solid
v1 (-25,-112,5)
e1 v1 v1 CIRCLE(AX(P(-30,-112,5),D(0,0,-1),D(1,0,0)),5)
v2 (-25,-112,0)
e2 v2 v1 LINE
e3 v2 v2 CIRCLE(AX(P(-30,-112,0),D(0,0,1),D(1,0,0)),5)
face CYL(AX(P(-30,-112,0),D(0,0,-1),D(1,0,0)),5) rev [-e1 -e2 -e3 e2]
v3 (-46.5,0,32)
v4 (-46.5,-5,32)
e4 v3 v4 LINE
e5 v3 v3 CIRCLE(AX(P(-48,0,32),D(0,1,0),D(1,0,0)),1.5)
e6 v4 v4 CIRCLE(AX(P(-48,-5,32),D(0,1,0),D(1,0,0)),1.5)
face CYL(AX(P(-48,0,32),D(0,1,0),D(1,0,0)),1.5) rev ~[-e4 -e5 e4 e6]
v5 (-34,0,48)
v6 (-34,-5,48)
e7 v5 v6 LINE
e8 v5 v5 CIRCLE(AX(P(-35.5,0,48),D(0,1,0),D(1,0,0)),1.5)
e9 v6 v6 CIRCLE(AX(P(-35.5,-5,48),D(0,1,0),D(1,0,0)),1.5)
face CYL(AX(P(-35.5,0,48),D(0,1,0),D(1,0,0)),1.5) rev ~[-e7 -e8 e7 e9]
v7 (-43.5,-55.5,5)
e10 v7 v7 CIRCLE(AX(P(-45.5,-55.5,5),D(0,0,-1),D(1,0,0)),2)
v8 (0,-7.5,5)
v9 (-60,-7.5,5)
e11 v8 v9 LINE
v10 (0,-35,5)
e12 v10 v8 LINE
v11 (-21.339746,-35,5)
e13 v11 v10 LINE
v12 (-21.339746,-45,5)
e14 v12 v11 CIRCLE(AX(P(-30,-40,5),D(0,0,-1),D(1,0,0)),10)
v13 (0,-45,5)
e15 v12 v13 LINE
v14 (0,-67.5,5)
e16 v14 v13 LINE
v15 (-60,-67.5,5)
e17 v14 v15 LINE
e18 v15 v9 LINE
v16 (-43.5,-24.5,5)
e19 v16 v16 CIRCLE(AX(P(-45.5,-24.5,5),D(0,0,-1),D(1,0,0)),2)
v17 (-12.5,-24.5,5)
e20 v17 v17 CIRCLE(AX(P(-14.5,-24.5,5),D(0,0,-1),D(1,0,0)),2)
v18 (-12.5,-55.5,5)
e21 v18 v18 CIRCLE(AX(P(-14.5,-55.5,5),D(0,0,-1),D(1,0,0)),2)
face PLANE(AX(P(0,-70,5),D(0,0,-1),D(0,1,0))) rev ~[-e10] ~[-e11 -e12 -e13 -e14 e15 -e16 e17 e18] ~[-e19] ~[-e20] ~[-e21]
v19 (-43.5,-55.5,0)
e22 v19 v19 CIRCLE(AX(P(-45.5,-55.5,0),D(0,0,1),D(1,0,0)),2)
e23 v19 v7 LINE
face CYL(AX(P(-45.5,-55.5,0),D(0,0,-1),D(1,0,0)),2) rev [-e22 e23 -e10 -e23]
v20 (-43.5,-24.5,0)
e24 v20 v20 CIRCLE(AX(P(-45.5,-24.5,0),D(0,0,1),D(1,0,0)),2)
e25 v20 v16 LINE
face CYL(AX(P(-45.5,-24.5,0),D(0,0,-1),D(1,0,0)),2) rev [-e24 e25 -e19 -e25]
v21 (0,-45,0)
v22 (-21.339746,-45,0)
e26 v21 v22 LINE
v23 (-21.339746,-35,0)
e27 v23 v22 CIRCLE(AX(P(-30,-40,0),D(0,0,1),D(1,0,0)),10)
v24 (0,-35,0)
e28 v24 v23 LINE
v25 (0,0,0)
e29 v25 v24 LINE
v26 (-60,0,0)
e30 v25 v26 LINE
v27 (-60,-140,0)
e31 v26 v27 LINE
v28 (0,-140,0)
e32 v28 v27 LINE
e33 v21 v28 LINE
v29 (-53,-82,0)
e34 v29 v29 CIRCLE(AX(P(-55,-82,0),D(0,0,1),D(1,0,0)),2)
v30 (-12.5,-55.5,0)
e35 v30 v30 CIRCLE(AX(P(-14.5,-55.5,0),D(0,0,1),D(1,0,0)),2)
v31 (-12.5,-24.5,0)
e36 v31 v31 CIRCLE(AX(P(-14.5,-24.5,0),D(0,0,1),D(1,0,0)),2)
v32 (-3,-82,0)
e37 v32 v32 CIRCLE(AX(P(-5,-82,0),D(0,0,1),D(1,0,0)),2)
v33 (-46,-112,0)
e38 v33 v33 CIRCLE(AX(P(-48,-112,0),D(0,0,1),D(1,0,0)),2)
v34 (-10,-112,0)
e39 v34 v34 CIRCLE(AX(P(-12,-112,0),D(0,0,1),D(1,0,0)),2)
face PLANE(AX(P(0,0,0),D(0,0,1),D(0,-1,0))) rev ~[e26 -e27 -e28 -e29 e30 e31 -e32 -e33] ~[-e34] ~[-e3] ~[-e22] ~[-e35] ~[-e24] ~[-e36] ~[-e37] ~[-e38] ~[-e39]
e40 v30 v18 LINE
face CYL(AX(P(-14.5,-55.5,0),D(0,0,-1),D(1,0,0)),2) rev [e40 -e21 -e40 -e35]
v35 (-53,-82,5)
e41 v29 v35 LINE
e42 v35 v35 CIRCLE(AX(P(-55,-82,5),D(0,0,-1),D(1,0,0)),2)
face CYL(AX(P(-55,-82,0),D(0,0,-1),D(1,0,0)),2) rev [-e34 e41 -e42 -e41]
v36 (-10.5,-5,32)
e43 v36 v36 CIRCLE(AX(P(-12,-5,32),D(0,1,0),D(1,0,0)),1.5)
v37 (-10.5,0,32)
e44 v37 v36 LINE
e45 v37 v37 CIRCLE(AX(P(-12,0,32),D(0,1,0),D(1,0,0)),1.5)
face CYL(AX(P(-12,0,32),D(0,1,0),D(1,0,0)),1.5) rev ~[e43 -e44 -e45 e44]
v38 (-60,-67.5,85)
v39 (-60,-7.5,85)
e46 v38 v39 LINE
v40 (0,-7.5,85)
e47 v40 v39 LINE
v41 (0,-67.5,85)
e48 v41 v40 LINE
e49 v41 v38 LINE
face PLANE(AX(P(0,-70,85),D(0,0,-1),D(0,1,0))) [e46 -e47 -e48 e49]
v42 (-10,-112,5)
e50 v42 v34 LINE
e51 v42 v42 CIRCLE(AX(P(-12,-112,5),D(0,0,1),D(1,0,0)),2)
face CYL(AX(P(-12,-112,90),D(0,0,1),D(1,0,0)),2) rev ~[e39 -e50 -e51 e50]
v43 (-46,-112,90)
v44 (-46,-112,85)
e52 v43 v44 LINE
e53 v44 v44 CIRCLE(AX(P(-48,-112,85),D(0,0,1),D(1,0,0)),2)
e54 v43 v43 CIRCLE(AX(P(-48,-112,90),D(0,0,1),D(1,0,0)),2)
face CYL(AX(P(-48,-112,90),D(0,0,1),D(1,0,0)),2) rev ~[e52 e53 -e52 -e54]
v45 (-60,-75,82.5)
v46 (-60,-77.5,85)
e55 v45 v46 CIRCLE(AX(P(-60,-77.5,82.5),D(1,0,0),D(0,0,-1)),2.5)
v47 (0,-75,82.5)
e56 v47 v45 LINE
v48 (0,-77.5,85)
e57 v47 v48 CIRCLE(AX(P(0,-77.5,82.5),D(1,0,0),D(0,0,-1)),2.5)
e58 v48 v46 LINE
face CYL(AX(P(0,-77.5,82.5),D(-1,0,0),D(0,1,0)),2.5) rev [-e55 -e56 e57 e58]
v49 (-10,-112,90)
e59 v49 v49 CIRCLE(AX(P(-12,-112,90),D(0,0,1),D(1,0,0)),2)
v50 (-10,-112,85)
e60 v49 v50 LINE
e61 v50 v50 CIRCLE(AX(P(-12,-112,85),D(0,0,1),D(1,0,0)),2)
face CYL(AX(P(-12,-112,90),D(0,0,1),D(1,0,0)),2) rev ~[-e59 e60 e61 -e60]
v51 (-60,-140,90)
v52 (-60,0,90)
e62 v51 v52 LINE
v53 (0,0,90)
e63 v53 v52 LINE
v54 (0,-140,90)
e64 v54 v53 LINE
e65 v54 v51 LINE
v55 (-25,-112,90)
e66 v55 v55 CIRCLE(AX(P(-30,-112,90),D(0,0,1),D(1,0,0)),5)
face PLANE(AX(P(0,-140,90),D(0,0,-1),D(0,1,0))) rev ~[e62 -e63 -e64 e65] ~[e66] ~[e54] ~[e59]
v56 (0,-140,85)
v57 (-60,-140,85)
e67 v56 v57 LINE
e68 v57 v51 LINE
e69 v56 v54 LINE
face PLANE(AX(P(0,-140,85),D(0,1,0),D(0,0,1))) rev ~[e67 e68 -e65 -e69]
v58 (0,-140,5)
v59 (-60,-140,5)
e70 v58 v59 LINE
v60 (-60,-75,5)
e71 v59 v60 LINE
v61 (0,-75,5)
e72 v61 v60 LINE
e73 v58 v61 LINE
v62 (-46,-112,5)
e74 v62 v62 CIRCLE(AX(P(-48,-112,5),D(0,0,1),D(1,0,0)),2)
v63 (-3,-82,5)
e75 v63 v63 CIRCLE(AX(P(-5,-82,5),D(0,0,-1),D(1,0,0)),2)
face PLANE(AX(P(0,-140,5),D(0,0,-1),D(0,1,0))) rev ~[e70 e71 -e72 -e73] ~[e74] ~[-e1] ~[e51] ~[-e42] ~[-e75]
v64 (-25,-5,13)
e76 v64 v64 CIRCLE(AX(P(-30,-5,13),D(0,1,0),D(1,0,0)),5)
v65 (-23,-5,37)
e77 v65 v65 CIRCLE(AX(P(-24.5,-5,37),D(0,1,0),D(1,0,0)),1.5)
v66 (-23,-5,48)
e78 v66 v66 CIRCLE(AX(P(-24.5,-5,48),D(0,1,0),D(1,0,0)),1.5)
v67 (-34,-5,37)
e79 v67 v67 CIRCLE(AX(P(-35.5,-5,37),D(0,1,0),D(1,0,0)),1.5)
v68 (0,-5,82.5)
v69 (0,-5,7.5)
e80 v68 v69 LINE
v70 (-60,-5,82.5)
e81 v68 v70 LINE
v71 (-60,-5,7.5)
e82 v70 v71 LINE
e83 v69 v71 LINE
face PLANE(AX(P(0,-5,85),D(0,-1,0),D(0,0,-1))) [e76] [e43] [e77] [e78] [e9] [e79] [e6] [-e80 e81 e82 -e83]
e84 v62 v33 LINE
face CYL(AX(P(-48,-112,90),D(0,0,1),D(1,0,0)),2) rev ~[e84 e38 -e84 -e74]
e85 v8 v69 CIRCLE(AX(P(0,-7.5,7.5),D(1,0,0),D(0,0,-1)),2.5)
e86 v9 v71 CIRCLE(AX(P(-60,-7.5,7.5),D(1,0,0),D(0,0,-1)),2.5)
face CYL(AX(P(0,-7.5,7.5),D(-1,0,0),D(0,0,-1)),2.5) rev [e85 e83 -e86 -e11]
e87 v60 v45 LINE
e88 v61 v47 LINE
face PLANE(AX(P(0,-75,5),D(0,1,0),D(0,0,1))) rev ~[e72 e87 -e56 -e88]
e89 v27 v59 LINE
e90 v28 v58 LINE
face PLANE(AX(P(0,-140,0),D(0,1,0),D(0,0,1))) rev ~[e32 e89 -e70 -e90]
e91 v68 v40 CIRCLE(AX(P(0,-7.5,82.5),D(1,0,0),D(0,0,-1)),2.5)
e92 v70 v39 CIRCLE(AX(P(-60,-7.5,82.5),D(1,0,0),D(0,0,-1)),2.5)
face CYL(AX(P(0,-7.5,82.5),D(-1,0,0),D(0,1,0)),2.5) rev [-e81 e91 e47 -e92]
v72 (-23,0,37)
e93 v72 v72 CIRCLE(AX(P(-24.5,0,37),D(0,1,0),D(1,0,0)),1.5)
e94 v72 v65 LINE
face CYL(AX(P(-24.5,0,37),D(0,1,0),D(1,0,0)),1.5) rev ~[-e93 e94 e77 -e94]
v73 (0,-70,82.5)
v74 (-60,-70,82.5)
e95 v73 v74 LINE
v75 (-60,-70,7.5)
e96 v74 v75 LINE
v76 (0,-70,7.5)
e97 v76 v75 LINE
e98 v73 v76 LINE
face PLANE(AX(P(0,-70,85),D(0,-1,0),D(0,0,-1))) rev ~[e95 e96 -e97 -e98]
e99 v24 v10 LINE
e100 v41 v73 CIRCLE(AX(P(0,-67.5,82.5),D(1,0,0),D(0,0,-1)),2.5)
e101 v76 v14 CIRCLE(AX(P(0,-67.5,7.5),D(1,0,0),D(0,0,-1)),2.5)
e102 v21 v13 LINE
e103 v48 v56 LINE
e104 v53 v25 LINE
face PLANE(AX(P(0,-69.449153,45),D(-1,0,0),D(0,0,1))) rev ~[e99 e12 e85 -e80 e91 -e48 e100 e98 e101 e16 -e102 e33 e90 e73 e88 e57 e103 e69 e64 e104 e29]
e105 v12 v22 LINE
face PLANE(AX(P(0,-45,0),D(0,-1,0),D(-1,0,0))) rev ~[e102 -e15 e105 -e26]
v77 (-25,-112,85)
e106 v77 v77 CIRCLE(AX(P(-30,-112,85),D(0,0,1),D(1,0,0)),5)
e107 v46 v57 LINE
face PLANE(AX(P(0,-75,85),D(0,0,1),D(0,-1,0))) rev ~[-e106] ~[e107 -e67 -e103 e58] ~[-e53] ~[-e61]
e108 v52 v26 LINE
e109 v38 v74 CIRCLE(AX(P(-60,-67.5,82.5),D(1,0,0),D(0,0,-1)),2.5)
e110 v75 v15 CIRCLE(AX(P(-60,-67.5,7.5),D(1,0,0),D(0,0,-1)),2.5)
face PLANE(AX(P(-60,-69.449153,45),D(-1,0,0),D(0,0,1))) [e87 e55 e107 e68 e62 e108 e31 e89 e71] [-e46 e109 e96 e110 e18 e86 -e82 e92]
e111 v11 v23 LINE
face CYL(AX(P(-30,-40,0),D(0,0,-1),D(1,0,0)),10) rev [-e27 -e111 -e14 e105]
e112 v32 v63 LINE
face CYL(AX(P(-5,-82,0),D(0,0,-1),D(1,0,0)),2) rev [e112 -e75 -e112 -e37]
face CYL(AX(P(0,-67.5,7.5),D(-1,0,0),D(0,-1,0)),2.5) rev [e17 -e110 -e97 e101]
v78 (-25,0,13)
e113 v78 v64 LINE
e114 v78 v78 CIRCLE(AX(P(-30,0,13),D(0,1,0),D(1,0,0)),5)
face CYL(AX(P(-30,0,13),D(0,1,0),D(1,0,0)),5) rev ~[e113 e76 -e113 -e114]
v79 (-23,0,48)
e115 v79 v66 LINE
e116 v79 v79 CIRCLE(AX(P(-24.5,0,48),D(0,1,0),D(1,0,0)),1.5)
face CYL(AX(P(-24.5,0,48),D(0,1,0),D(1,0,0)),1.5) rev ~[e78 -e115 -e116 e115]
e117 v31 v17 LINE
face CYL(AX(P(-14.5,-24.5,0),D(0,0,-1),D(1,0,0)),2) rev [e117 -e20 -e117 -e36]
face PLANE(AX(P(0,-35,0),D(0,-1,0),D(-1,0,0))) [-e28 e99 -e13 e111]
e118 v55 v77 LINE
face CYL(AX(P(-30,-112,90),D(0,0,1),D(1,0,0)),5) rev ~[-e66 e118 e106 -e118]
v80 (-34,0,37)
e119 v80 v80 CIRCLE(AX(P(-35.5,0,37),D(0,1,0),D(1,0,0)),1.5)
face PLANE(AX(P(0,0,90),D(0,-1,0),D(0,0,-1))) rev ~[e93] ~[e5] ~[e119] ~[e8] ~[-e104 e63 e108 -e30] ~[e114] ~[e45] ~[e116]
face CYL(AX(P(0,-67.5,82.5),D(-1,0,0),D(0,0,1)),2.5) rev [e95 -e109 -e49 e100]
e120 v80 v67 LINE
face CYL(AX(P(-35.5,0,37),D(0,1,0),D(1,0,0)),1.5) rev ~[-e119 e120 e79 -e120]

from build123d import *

# Parameters (mm, degrees)
BOSS_EXTRUDE1_DEPTH = 60
SKETCH2_W           = 80
SKETCH2_H           = 65
CUT_EXTRUDE1_DEPTH  = 60
CUT_EXTRUDE2_REACH  = 142
SKETCH3_R           = 1.5
SKETCH3_R_2         = 5
CUT_EXTRUDE3_REACH  = 92
SKETCH4_R           = 5
SKETCH4_R_2         = 10
SKETCH4_R_3         = 2
FILLET1_R           = 2.5
FILLET3_R           = 2.5
FILLET4_R           = 2.5
FILLET5_R           = 2.5
FILLET6_R           = 2.5
SKETCH5_R           = 5
SKETCH5_R_2         = 2
CUT_EXTRUDE4_DEPTH  = 91
CUT_EXTRUDE5_REACH  = 92
SKETCH6_W           = 30
SKETCH6_H           = 10


with BuildPart() as part:
    # Sketch1 → Boss-Extrude1 (new body)
    with BuildSketch(Plane(origin=(0, 0, 0), x_dir=(0, 0, -1), z_dir=(1, 0, 0))):
        Polygon((0, 0), (0, -140), (-5, -140), (-5, -75), (-85, -75), (-85, -140), (-90, -140), (-90, 0), align=None)
    extrude(amount=-BOSS_EXTRUDE1_DEPTH)

    # Sketch2 → Cut-Extrude1 (cut)
    with BuildSketch(Plane(origin=(0, 0, 0), x_dir=(0, 0, -1), z_dir=(1, 0, 0))):
        with Locations((-45, -37.5)):
            Rectangle(SKETCH2_W, SKETCH2_H)
    extrude(amount=-CUT_EXTRUDE1_DEPTH, mode=Mode.SUBTRACT)

    # Sketch3 → Cut-Extrude2 (cut, up to next)
    with BuildSketch(Plane(origin=(0, 0, 0), x_dir=(1, 0, 0), z_dir=(0, 1, 0)), mode=Mode.PRIVATE) as cut_extrude2_sk1:
        with Locations((-35.5, -37)):
            Circle(SKETCH3_R)
    cut_extrude2_tool1 = extrude(cut_extrude2_sk1.sketch, amount=-CUT_EXTRUDE2_REACH, mode=Mode.PRIVATE) & part.part
    add(cut_extrude2_tool1.solids().sort_by_distance((-35.5, 0, 37))[0], mode=Mode.SUBTRACT)
    # Sketch3 → Cut-Extrude2 (cut, up to next)
    with BuildSketch(Plane(origin=(0, 0, 0), x_dir=(1, 0, 0), z_dir=(0, 1, 0)), mode=Mode.PRIVATE) as cut_extrude2_sk2:
        with Locations((-24.5, -37)):
            Circle(SKETCH3_R)
    cut_extrude2_tool2 = extrude(cut_extrude2_sk2.sketch, amount=-CUT_EXTRUDE2_REACH, mode=Mode.PRIVATE) & part.part
    add(cut_extrude2_tool2.solids().sort_by_distance((-24.5, 0, 37))[0], mode=Mode.SUBTRACT)
    # Sketch3 → Cut-Extrude2 (cut, up to next)
    with BuildSketch(Plane(origin=(0, 0, 0), x_dir=(1, 0, 0), z_dir=(0, 1, 0)), mode=Mode.PRIVATE) as cut_extrude2_sk3:
        with Locations((-24.5, -48)):
            Circle(SKETCH3_R)
    cut_extrude2_tool3 = extrude(cut_extrude2_sk3.sketch, amount=-CUT_EXTRUDE2_REACH, mode=Mode.PRIVATE) & part.part
    add(cut_extrude2_tool3.solids().sort_by_distance((-24.5, 0, 48))[0], mode=Mode.SUBTRACT)
    # Sketch3 → Cut-Extrude2 (cut, up to next)
    with BuildSketch(Plane(origin=(0, 0, 0), x_dir=(1, 0, 0), z_dir=(0, 1, 0)), mode=Mode.PRIVATE) as cut_extrude2_sk4:
        with Locations((-35.5, -48)):
            Circle(SKETCH3_R)
    cut_extrude2_tool4 = extrude(cut_extrude2_sk4.sketch, amount=-CUT_EXTRUDE2_REACH, mode=Mode.PRIVATE) & part.part
    add(cut_extrude2_tool4.solids().sort_by_distance((-35.5, 0, 48))[0], mode=Mode.SUBTRACT)
    # Sketch3 → Cut-Extrude2 (cut, up to next)
    with BuildSketch(Plane(origin=(0, 0, 0), x_dir=(1, 0, 0), z_dir=(0, 1, 0)), mode=Mode.PRIVATE) as cut_extrude2_sk5:
        with Locations((-30, -13)):
            Circle(SKETCH3_R_2)
    cut_extrude2_tool5 = extrude(cut_extrude2_sk5.sketch, amount=-CUT_EXTRUDE2_REACH, mode=Mode.PRIVATE) & part.part
    add(cut_extrude2_tool5.solids().sort_by_distance((-30, 0, 13))[0], mode=Mode.SUBTRACT)
    # Sketch3 → Cut-Extrude2 (cut, up to next)
    with BuildSketch(Plane(origin=(0, 0, 0), x_dir=(1, 0, 0), z_dir=(0, 1, 0)), mode=Mode.PRIVATE) as cut_extrude2_sk6:
        with Locations((-12, -32)):
            Circle(SKETCH3_R)
    cut_extrude2_tool6 = extrude(cut_extrude2_sk6.sketch, amount=-CUT_EXTRUDE2_REACH, mode=Mode.PRIVATE) & part.part
    add(cut_extrude2_tool6.solids().sort_by_distance((-12, 0, 32))[0], mode=Mode.SUBTRACT)
    # Sketch3 → Cut-Extrude2 (cut, up to next)
    with BuildSketch(Plane(origin=(0, 0, 0), x_dir=(1, 0, 0), z_dir=(0, 1, 0)), mode=Mode.PRIVATE) as cut_extrude2_sk7:
        with Locations((-48, -32)):
            Circle(SKETCH3_R)
    cut_extrude2_tool7 = extrude(cut_extrude2_sk7.sketch, amount=-CUT_EXTRUDE2_REACH, mode=Mode.PRIVATE) & part.part
    add(cut_extrude2_tool7.solids().sort_by_distance((-48, 0, 32))[0], mode=Mode.SUBTRACT)

    # Sketch4 → Cut-Extrude3 (cut, up to next)
    with BuildSketch(Plane.XY, mode=Mode.PRIVATE) as cut_extrude3_sk1:
        with Locations((-30, -112)):
            Circle(SKETCH4_R)
    cut_extrude3_tool1 = extrude(cut_extrude3_sk1.sketch, amount=CUT_EXTRUDE3_REACH, mode=Mode.PRIVATE) & part.part
    add(cut_extrude3_tool1.solids().sort_by_distance((-30, -112, 0))[0], mode=Mode.SUBTRACT)
    # Sketch4 → Cut-Extrude3 (cut, up to next)
    with BuildSketch(Plane.XY, mode=Mode.PRIVATE) as cut_extrude3_sk2:
        with Locations((-30, -40)):
            Circle(SKETCH4_R_2)
    cut_extrude3_tool2 = extrude(cut_extrude3_sk2.sketch, amount=CUT_EXTRUDE3_REACH, mode=Mode.PRIVATE) & part.part
    add(cut_extrude3_tool2.solids().sort_by_distance((-30, -40, 0))[0], mode=Mode.SUBTRACT)
    # Sketch4 → Cut-Extrude3 (cut, up to next)
    with BuildSketch(Plane.XY, mode=Mode.PRIVATE) as cut_extrude3_sk3:
        with Locations((-5, -82)):
            Circle(SKETCH4_R_3)
    cut_extrude3_tool3 = extrude(cut_extrude3_sk3.sketch, amount=CUT_EXTRUDE3_REACH, mode=Mode.PRIVATE) & part.part
    add(cut_extrude3_tool3.solids().sort_by_distance((-5, -82, 0))[0], mode=Mode.SUBTRACT)
    # Sketch4 → Cut-Extrude3 (cut, up to next)
    with BuildSketch(Plane.XY, mode=Mode.PRIVATE) as cut_extrude3_sk4:
        with Locations((-55, -82)):
            Circle(SKETCH4_R_3)
    cut_extrude3_tool4 = extrude(cut_extrude3_sk4.sketch, amount=CUT_EXTRUDE3_REACH, mode=Mode.PRIVATE) & part.part
    add(cut_extrude3_tool4.solids().sort_by_distance((-55, -82, 0))[0], mode=Mode.SUBTRACT)
    # Sketch4 → Cut-Extrude3 (cut, up to next)
    with BuildSketch(Plane.XY, mode=Mode.PRIVATE) as cut_extrude3_sk5:
        with Locations((-14.5, -24.5)):
            Circle(SKETCH4_R_3)
    cut_extrude3_tool5 = extrude(cut_extrude3_sk5.sketch, amount=CUT_EXTRUDE3_REACH, mode=Mode.PRIVATE) & part.part
    add(cut_extrude3_tool5.solids().sort_by_distance((-14.5, -24.5, 0))[0], mode=Mode.SUBTRACT)
    # Sketch4 → Cut-Extrude3 (cut, up to next)
    with BuildSketch(Plane.XY, mode=Mode.PRIVATE) as cut_extrude3_sk6:
        with Locations((-45.5, -24.5)):
            Circle(SKETCH4_R_3)
    cut_extrude3_tool6 = extrude(cut_extrude3_sk6.sketch, amount=CUT_EXTRUDE3_REACH, mode=Mode.PRIVATE) & part.part
    add(cut_extrude3_tool6.solids().sort_by_distance((-45.5, -24.5, 0))[0], mode=Mode.SUBTRACT)
    # Sketch4 → Cut-Extrude3 (cut, up to next)
    with BuildSketch(Plane.XY, mode=Mode.PRIVATE) as cut_extrude3_sk7:
        with Locations((-45.5, -55.5)):
            Circle(SKETCH4_R_3)
    cut_extrude3_tool7 = extrude(cut_extrude3_sk7.sketch, amount=CUT_EXTRUDE3_REACH, mode=Mode.PRIVATE) & part.part
    add(cut_extrude3_tool7.solids().sort_by_distance((-45.5, -55.5, 0))[0], mode=Mode.SUBTRACT)
    # Sketch4 → Cut-Extrude3 (cut, up to next)
    with BuildSketch(Plane.XY, mode=Mode.PRIVATE) as cut_extrude3_sk8:
        with Locations((-14.5, -55.5)):
            Circle(SKETCH4_R_3)
    cut_extrude3_tool8 = extrude(cut_extrude3_sk8.sketch, amount=CUT_EXTRUDE3_REACH, mode=Mode.PRIVATE) & part.part
    add(cut_extrude3_tool8.solids().sort_by_distance((-14.5, -55.5, 0))[0], mode=Mode.SUBTRACT)

    # Fillet1
    fillet1_edges = [part.edges().sort_by_distance(p)[0] for p in [
        (-30, -75, 85),
    ]]
    fillet(fillet1_edges, radius=FILLET1_R)

    # Fillet3
    fillet3_edges = [part.edges().sort_by_distance(p)[0] for p in [
        (-30, -70, 85),
    ]]
    fillet(fillet3_edges, radius=FILLET3_R)

    # Fillet4
    fillet4_edges = [part.edges().sort_by_distance(p)[0] for p in [
        (-30, -70, 5),
    ]]
    fillet(fillet4_edges, radius=FILLET4_R)

    # Fillet5
    fillet5_edges = [part.edges().sort_by_distance(p)[0] for p in [
        (-30, -5, 5),
    ]]
    fillet(fillet5_edges, radius=FILLET5_R)

    # Fillet6
    fillet6_edges = [part.edges().sort_by_distance(p)[0] for p in [
        (-30, -5, 85),
    ]]
    fillet(fillet6_edges, radius=FILLET6_R)

    # Sketch5 → Cut-Extrude4 (cut, through all)
    with BuildSketch(Plane.XY.offset(90)):
        with Locations((-30, -112)):
            Circle(SKETCH5_R)
        with Locations((-12, -112)):
            Circle(SKETCH5_R_2)
        with Locations((-48, -112)):
            Circle(SKETCH5_R_2)
    extrude(amount=-CUT_EXTRUDE4_DEPTH, mode=Mode.SUBTRACT)

    # Sketch6 → Cut-Extrude5 (cut, up to next)
    with BuildSketch(Plane(origin=(0, 0, 0), x_dir=(-1, 0, 0), z_dir=(0, 0, -1)), mode=Mode.PRIVATE) as cut_extrude5_sk1:
        with Locations((15, -40)):
            Rectangle(SKETCH6_W, SKETCH6_H)
    cut_extrude5_tool1 = extrude(cut_extrude5_sk1.sketch, amount=-CUT_EXTRUDE5_REACH, mode=Mode.PRIVATE) & part.part
    add(cut_extrude5_tool1.solids().sort_by_distance((-15, -40, 0))[0], mode=Mode.SUBTRACT)


solid = part.part
